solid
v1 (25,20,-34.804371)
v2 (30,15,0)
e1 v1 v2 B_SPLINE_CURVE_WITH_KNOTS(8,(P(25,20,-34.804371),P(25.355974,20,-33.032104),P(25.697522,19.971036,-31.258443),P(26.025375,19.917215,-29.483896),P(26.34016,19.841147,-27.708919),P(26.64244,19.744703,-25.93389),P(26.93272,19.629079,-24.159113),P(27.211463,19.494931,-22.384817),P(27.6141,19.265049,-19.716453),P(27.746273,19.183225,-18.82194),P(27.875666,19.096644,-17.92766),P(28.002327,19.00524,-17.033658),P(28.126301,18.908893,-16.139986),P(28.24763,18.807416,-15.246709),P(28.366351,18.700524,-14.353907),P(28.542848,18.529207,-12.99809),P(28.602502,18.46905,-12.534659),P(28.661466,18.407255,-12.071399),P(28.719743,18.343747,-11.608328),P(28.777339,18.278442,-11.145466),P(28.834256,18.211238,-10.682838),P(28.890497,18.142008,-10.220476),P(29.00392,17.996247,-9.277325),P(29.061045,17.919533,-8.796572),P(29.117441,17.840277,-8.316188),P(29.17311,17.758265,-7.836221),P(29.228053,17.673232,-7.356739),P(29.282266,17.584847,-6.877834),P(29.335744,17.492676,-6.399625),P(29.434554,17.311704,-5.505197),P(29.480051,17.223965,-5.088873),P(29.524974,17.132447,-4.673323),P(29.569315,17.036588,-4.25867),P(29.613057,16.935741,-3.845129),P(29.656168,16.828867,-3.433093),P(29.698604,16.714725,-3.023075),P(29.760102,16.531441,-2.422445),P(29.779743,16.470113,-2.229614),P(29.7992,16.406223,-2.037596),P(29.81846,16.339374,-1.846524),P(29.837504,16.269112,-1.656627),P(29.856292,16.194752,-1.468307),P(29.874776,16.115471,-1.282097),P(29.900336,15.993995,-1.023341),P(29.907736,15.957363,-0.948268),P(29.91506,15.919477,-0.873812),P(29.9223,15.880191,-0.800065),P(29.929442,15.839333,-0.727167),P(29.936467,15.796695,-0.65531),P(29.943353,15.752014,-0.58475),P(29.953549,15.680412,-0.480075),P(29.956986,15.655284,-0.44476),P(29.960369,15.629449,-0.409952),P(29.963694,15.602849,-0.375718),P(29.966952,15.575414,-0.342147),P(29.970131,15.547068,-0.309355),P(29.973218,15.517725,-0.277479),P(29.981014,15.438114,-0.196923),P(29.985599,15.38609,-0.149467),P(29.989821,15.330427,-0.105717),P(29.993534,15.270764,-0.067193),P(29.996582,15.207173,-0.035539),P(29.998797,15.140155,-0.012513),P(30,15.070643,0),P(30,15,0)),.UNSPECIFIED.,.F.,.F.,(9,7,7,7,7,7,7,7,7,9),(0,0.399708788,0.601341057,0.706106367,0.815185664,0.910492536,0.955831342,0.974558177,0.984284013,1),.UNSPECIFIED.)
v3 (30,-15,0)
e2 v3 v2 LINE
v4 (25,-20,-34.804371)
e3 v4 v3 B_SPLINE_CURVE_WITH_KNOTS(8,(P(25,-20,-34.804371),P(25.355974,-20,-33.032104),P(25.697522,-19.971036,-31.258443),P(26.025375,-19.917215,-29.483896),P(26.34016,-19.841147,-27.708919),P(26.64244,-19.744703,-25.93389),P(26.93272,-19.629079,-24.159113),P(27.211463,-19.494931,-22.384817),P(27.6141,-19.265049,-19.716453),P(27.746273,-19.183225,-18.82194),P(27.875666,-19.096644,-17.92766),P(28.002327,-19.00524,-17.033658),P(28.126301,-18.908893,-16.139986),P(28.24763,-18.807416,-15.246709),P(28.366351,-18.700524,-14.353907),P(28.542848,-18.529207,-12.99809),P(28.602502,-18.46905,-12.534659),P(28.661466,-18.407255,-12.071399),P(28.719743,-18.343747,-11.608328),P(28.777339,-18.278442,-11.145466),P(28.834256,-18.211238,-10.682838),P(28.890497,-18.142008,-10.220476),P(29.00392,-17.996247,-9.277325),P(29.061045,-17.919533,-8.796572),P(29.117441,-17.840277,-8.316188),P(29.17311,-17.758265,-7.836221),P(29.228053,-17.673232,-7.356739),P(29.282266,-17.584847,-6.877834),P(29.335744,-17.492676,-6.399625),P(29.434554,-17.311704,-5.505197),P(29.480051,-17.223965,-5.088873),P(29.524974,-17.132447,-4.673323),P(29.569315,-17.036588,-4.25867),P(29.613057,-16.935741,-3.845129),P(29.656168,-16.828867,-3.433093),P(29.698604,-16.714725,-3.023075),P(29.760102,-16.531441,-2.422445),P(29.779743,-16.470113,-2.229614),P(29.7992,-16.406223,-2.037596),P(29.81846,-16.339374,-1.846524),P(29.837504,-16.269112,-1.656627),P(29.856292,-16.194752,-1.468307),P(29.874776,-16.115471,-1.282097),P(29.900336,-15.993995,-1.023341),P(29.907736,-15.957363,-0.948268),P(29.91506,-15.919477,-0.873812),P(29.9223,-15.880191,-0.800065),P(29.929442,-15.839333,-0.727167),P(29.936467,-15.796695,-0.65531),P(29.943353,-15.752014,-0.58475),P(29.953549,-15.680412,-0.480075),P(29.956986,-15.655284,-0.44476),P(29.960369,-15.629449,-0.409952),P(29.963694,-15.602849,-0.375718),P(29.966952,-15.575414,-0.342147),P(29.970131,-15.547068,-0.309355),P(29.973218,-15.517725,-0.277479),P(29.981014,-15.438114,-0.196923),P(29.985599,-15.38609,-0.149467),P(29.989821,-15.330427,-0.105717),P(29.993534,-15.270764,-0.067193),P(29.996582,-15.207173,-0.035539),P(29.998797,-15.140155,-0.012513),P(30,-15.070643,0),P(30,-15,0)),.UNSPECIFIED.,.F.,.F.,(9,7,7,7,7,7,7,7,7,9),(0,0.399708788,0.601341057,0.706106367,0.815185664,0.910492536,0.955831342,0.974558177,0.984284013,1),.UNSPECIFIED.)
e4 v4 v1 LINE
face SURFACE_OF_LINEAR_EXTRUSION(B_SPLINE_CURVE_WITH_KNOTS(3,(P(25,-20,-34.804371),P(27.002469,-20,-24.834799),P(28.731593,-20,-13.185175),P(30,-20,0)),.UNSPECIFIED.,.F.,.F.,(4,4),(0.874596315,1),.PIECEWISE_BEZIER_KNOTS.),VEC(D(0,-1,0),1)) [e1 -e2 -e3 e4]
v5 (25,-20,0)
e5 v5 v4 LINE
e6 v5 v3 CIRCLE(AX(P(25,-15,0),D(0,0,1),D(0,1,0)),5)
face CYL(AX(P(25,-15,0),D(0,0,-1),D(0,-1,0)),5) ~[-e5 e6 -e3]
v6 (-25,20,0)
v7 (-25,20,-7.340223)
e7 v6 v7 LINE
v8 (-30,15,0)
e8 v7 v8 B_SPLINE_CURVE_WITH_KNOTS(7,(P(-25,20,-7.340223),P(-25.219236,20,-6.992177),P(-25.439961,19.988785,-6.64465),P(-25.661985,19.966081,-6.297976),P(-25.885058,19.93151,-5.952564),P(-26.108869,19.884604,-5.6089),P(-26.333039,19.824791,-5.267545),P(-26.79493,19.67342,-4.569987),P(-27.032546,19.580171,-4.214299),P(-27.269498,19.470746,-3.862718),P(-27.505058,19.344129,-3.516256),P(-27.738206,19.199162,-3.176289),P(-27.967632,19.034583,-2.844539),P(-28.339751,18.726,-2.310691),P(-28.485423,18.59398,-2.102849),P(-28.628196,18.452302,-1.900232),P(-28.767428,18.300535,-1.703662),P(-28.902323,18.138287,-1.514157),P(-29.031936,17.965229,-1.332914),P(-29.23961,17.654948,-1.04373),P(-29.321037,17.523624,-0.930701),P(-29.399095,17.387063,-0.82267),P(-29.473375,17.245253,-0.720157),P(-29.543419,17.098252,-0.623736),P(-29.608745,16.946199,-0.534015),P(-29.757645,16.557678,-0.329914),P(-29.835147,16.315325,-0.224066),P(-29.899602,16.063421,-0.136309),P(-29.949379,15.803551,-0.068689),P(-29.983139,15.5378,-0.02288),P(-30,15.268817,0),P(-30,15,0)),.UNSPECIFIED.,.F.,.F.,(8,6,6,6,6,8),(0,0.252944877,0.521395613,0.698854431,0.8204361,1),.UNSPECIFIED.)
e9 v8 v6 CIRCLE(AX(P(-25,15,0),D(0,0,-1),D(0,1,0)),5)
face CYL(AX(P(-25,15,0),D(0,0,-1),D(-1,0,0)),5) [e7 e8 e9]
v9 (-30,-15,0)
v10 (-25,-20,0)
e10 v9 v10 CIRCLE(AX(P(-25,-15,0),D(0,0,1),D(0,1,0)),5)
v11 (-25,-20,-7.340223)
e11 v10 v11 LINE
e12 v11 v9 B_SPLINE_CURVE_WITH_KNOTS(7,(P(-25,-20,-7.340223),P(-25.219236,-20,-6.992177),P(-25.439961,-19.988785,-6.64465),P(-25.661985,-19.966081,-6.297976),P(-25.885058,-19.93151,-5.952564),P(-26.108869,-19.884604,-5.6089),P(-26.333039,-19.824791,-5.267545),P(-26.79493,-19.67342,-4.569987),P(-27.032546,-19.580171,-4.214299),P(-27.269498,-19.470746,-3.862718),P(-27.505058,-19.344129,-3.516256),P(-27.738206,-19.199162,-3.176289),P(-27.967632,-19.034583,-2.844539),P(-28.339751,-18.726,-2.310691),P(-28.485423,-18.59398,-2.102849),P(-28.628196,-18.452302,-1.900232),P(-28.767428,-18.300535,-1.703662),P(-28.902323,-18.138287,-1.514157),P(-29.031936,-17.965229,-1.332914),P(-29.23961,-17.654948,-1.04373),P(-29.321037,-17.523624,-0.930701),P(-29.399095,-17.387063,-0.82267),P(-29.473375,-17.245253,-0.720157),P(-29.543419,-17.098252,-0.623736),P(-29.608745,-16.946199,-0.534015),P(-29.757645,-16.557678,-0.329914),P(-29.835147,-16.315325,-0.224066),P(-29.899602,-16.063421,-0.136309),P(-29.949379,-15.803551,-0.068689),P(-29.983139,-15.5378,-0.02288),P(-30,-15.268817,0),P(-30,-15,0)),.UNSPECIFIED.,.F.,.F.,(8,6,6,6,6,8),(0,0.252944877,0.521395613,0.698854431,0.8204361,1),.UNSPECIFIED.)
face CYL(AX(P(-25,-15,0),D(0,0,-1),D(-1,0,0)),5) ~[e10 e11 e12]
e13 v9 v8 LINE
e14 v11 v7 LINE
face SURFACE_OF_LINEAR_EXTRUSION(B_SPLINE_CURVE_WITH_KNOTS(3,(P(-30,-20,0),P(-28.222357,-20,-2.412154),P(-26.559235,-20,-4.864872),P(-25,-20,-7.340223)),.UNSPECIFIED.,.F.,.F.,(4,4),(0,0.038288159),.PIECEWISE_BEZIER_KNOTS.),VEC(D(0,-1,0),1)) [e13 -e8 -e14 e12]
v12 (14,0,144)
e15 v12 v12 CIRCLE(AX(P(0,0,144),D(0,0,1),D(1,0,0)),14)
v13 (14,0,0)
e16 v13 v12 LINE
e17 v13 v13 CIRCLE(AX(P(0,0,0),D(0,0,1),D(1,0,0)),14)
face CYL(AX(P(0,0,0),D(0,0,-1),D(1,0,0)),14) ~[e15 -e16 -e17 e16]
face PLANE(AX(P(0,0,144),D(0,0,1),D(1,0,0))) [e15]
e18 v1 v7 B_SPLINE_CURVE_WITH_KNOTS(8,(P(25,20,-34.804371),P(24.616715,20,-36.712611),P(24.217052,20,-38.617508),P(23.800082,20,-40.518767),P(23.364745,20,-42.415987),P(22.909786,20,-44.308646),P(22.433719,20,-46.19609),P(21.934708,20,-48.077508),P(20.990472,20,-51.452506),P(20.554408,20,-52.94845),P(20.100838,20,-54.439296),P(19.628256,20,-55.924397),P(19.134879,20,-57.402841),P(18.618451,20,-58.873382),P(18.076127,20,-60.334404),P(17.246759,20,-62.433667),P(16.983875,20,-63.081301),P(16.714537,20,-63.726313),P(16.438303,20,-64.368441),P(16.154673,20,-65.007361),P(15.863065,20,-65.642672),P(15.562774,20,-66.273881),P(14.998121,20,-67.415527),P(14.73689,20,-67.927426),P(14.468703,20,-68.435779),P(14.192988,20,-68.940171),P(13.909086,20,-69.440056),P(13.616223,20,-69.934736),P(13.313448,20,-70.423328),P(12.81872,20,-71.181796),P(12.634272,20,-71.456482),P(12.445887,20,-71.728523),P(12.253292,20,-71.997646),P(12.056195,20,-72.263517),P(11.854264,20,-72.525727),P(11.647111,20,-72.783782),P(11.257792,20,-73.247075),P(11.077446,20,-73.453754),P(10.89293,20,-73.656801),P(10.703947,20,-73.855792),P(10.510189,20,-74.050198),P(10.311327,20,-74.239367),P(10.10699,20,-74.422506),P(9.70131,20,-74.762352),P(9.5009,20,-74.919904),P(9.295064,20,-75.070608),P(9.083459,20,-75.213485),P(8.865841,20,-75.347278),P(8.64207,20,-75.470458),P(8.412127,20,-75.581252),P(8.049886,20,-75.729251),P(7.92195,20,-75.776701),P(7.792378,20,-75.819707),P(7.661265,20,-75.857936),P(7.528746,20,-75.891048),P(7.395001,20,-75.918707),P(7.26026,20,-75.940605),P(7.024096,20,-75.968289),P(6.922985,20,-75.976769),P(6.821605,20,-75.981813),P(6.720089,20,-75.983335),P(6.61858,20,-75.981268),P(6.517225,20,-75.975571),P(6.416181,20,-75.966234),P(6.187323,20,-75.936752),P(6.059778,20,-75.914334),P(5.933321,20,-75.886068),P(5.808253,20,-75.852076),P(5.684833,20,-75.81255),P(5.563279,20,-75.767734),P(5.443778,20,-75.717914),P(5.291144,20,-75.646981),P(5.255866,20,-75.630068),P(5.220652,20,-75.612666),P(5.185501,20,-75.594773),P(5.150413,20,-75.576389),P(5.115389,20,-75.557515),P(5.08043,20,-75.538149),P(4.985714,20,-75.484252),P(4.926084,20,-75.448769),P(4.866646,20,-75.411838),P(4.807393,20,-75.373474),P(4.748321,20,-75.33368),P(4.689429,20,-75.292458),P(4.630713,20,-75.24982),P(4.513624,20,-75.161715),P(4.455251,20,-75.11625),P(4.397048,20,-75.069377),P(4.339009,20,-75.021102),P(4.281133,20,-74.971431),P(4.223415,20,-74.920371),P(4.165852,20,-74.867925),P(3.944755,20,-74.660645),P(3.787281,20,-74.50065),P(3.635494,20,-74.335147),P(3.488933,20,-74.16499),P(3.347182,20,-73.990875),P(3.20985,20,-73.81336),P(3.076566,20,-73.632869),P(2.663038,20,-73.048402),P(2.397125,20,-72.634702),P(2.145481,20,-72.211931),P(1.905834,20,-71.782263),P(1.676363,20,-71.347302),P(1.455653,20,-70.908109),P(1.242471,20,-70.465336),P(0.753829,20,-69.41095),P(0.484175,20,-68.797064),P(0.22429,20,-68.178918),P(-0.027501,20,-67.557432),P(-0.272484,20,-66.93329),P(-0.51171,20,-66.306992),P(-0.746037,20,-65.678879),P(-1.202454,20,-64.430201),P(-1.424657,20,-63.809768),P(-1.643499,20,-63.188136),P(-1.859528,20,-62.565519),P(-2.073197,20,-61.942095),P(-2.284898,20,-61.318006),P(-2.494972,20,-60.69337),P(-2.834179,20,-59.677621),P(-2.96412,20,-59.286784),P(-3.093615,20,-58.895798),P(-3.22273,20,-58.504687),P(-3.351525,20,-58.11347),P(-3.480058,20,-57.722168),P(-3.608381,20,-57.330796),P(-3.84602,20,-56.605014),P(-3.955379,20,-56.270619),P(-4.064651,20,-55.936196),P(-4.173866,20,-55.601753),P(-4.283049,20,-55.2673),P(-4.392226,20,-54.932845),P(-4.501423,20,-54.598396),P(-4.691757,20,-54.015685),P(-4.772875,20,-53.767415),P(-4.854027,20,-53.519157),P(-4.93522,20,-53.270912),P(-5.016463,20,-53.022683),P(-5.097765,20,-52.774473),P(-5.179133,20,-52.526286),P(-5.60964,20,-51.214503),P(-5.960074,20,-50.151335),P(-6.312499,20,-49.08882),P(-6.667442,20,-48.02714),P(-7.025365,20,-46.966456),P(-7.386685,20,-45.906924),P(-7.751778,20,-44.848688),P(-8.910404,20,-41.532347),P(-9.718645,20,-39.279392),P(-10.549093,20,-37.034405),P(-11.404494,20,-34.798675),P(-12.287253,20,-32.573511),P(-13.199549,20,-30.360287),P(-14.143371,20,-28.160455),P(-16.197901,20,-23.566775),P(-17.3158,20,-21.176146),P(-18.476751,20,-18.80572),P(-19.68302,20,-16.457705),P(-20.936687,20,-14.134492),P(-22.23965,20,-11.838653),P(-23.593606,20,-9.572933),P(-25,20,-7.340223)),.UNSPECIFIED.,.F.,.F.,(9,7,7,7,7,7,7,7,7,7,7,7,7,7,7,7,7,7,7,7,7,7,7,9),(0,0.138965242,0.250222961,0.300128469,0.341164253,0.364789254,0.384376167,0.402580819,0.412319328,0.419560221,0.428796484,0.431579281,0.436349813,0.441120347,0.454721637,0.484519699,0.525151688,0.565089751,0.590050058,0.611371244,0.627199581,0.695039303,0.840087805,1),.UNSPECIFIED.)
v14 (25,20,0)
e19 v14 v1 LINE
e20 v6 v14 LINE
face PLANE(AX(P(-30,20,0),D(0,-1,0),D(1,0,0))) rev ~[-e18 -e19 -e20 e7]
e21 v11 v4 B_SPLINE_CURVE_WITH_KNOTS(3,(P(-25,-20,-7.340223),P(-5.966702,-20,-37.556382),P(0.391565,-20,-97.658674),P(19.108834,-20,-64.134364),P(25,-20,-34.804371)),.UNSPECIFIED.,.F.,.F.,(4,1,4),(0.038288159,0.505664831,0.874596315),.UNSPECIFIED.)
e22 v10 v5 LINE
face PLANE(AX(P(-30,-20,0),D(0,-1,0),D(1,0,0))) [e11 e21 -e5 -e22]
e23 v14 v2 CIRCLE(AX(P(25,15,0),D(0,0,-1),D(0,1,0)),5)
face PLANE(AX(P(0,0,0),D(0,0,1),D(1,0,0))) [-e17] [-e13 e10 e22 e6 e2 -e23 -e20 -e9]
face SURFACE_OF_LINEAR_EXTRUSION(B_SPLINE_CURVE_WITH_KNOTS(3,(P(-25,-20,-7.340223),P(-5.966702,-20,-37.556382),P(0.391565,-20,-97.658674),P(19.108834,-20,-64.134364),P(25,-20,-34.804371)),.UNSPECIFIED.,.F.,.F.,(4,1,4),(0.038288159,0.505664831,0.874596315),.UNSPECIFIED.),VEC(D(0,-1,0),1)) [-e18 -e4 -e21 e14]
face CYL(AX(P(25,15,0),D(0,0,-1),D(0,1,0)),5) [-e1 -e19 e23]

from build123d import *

# Parameters (mm, degrees)
F0_R     = 14
F1_DEPTH = 144
F2_W     = 60
F2_H     = 40
F3_DEPTH = 80
F4_R     = 5
F6_DEPTH = 80


with BuildPart() as f1:
    # F0 (on Top) → F1 (new body)
    with BuildSketch(Plane.XY):
        Circle(F0_R)
    extrude(amount=F1_DEPTH)

    # F2 (on Top) → F3 (join)
    with BuildSketch(Plane.XY):
        Rectangle(F2_W, F2_H)
    extrude(amount=-F3_DEPTH)

    # F4
    f4_edges = [f1.edges().sort_by_distance(p)[0] for p in [
        (-30, -20, -40),
        (-30, 20, -40),
        (30, -20, -40),
        (30, 20, -40),
    ]]
    fillet(f4_edges, radius=F4_R)

    # F5 (on face) → F6 (cut)
    with BuildSketch(Plane.XZ.offset(20)):
        with BuildLine():
            add(Edge.make_bspline(
                [(-25, -7.340222688), (-5.9667022268, -37.5563815562), (0.3915651661, -97.6586740831), (19.1088343549, -64.1343636696), (25, -34.8043713491)],
                knots=[0.0382881592, 0.0382881592, 0.0382881592, 0.0382881592, 0.5056648306, 0.8745963151, 0.8745963151, 0.8745963151, 0.8745963151], degree=3))
            Line((-25, -7.340222688), (-25, -80))
            Line((-25, -80), (25, -80))
            Line((25, -80), (25, -34.8043713491))
        make_face()
        with BuildLine():
            add(Edge.make_bspline(
                [(-30, 0), (-28.2223571299, -2.4121543531), (-26.5592347237, -4.8648721374), (-25, -7.340222688)],
                knots=[0, 0, 0, 0, 0.0382881592, 0.0382881592, 0.0382881592, 0.0382881592], degree=3))
            Line((-30, 0), (-30, -90))
            Line((-30, -90), (30, -90))
            Line((30, -90), (30, 0))
            add(Edge.make_bspline(
                [(25, -34.8043713491), (27.0024690524, -24.8347990321), (28.7315925241, -13.1851745619), (30, 0)],
                knots=[0.8745963151, 0.8745963151, 0.8745963151, 0.8745963151, 1, 1, 1, 1], degree=3))
            Line((25, -34.8043713491), (25, -80))
            Line((25, -80), (-25, -80))
            Line((-25, -80), (-25, -7.340222688))
        make_face()
    extrude(amount=-F6_DEPTH, mode=Mode.SUBTRACT)


solid = f1.part
